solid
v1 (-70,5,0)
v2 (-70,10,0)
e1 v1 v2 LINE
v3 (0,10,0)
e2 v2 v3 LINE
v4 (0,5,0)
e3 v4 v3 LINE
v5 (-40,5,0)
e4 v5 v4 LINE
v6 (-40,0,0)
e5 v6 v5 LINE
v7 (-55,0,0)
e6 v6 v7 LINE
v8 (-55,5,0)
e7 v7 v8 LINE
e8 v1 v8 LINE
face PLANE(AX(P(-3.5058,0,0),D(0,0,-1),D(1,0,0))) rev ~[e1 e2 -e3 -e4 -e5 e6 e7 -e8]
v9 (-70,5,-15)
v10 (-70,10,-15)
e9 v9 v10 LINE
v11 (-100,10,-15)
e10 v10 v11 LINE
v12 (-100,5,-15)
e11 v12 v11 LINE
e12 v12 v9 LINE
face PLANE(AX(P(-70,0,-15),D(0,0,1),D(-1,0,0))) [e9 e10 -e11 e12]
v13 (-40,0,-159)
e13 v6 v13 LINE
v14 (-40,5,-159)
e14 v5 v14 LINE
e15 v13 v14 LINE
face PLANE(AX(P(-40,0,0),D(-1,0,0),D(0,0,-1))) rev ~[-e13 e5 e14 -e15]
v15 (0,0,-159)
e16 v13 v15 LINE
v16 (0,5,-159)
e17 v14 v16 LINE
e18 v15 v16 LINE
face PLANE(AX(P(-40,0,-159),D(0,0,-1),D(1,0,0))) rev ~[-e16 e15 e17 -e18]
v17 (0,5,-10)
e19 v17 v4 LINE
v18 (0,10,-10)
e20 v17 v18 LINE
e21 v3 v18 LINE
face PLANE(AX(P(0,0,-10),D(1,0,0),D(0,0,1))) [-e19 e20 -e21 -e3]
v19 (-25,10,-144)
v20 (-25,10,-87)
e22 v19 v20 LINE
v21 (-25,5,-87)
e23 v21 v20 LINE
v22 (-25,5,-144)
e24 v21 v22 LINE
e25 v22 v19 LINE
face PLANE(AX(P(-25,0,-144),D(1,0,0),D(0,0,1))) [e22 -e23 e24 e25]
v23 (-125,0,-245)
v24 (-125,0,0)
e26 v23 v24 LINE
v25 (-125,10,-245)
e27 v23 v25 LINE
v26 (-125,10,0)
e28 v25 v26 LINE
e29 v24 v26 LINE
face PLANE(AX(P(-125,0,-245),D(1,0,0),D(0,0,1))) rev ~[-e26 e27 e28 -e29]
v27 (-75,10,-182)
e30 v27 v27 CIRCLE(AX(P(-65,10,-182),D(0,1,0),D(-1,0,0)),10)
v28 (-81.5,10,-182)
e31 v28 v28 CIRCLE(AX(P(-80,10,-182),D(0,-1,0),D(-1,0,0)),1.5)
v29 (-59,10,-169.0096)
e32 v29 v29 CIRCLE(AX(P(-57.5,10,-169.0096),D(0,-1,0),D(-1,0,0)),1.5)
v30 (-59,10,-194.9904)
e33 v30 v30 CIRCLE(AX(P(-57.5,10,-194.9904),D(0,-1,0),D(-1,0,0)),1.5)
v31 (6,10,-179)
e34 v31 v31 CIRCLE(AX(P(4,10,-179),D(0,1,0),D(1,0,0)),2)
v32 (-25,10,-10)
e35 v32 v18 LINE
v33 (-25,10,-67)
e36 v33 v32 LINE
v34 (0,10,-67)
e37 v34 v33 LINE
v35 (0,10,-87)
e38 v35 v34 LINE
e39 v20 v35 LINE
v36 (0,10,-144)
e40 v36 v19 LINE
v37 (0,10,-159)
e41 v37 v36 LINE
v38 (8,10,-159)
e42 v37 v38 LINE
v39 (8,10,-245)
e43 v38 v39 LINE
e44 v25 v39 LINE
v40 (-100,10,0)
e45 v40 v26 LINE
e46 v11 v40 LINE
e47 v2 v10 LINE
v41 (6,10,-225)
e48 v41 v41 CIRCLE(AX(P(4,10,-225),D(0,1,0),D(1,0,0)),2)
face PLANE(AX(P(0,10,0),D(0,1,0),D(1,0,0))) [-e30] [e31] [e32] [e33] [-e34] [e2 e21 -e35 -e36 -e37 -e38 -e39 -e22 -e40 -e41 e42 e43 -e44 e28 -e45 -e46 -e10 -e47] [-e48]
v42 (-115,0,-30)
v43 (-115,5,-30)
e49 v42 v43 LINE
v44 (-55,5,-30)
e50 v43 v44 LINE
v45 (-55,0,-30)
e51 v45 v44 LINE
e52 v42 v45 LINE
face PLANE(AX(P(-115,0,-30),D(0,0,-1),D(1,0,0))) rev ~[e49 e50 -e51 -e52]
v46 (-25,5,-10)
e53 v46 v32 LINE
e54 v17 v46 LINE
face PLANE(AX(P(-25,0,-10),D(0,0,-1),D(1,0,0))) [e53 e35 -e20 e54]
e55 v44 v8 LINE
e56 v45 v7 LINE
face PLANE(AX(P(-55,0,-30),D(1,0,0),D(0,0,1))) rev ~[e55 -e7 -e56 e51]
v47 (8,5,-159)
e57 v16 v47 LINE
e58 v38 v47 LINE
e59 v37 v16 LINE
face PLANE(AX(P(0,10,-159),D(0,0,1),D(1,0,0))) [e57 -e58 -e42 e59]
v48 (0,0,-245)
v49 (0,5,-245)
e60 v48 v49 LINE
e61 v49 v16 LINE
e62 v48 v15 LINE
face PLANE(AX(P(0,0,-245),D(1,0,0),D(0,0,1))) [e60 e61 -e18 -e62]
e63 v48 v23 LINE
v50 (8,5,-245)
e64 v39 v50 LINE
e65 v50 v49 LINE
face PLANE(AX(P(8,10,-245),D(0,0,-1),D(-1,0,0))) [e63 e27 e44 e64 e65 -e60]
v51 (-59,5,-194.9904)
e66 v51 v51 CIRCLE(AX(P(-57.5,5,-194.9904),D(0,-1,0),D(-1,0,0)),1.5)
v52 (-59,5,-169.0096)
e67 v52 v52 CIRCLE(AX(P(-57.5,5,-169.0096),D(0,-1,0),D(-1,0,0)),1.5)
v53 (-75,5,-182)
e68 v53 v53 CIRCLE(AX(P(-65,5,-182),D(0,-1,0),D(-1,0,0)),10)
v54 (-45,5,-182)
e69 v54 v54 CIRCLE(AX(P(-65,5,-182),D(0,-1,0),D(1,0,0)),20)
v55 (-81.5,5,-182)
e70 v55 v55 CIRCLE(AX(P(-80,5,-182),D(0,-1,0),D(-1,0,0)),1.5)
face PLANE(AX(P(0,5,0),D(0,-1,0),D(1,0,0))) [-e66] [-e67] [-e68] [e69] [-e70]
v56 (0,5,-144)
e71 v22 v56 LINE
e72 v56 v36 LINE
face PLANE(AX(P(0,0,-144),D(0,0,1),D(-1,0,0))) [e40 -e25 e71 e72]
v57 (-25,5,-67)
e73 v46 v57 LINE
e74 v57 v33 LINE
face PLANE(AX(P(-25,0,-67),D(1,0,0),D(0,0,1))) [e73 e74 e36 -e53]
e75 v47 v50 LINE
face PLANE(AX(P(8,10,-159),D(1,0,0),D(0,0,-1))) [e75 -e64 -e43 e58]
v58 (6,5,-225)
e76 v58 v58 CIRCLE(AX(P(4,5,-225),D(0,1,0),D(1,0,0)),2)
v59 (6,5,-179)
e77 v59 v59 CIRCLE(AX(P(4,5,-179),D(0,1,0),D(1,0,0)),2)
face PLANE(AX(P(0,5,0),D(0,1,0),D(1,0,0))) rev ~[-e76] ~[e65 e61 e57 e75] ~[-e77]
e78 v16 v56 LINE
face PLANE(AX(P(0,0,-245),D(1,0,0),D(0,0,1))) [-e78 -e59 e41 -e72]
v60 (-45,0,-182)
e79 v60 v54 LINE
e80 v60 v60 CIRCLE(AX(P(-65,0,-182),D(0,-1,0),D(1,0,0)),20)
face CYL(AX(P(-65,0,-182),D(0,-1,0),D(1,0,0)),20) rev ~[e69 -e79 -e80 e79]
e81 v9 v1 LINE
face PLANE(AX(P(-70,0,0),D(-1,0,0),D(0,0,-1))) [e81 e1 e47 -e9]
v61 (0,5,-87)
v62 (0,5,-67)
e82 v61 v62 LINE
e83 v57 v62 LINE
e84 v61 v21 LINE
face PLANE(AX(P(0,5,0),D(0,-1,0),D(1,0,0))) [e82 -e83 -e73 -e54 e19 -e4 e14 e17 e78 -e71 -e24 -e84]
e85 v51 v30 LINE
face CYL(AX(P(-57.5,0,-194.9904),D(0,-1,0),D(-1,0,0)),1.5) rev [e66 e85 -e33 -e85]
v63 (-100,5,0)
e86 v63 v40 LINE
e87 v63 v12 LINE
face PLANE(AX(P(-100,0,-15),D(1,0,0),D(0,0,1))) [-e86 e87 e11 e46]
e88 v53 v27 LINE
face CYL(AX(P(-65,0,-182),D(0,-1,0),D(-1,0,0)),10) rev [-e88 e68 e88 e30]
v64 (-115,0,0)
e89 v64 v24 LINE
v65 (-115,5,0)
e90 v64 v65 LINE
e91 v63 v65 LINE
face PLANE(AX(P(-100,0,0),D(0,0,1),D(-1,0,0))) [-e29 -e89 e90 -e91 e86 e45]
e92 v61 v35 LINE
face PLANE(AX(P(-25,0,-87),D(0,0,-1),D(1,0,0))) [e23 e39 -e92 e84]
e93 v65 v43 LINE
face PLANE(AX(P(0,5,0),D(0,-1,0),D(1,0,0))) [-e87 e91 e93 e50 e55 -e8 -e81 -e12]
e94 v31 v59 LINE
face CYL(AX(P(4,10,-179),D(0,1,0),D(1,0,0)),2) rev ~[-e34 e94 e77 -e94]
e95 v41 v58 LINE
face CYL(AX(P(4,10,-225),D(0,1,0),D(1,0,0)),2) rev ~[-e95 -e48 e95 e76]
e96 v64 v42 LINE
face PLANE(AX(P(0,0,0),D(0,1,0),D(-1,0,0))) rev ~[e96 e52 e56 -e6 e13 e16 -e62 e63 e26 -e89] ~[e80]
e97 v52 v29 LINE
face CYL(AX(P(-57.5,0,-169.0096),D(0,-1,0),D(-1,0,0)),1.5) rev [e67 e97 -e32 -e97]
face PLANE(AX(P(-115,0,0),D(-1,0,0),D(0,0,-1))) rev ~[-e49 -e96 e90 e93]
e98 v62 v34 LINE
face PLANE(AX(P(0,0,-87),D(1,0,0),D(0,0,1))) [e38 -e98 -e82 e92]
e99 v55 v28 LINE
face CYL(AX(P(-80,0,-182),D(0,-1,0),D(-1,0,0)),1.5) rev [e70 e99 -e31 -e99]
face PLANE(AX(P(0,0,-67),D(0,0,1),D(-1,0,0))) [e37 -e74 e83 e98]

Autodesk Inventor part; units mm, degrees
ref_plane "YZ Plane" through (0, 0, 0) normal (1, 0, 0) x (0, 1, 0)
ref_plane "XZ Plane" through (0, 0, 0) normal (0, 1, 0) x (-1, 0, 0)
ref_plane "XY Plane" through (0, 0, 0) normal (0, 0, 1) x (1, 0, 0)
sketch "草图1" plane through (0, 0, 0) normal (0, 1, 0) x (-1, 0, 0)
  line L0 (125, 245) -> (-125, 245)
  line L1 (-125, 245) -> (-125, -245)
  line L2 (-125, -245) -> (125, -245)
  line L3 (125, -245) -> (125, 245)
  line L4 (0, 3) -> (0, -5)
  line L5 (3.5058, 0) -> (-3.4421, 0)
  line L6 (25, 144) -> (-32, 144)
  line L7 (-32, 144) -> (-32, 87)
  line L8 (-32, 87) -> (25, 87)
  line L9 (25, 87) -> (25, 144)
  line L10 (25, 67) -> (-32, 67)
  line L11 (-32, 67) -> (-32, 10)
  line L12 (-32, 10) -> (25, 10)
  line L13 (25, 10) -> (25, 67)
  line L14 (25, -10) -> (-32, -10)
  line L15 (-32, -10) -> (-32, -67)
  line L16 (-32, -67) -> (25, -67)
  line L17 (25, -67) -> (25, -10)
  line L18 (25, -87) -> (-32, -87)
  line L19 (-32, -87) -> (-32, -144)
  line L20 (-32, -144) -> (25, -144)
  line L21 (25, -144) -> (25, -87)
  line L22 (-66, 100) -> (-95, 100)
  line L23 (-95, 100) -> (-95, 54)
  line L24 (-95, 54) -> (-66, 54)
  line L25 (-66, 54) -> (-66, 100)
  line L26 (-66, -54) -> (-95, -54)
  line L27 (-95, -54) -> (-95, -100)
  line L28 (-95, -100) -> (-66, -100)
  line L29 (-66, -100) -> (-66, -54)
  line L30 (100, 15) -> (70, 15)
  line L31 (70, 15) -> (70, -15)
  line L32 (70, -15) -> (100, -15)
  line L33 (100, -15) -> (100, 15)
  circle A0 centre (65, 182) radius 10
  circle A1 centre (65, -182) radius 10
  circle A2 centre (65, 182) radius 15
  circle A3 centre (80, 182) radius 1.5
  circle A4 centre (57.5, 194.9904) radius 1.5
  circle A5 centre (57.5, 169.0096) radius 1.5
  line L34 (125, 245) -> (0, 245)
  line L35 (0, 245) -> (0, 0)
  line L36 (0, 0) -> (125, 0)
  line L37 (125, 0) -> (125, 245)
  line L38 (-125, 245) -> (0, 245)
  line L39 (0, 245) -> (0, 0)
  line L40 (0, 0) -> (-125, 0)
  line L41 (-125, 0) -> (-125, 245)
  line L42 (-125, -245) -> (0, -245)
  line L43 (0, -245) -> (0, 0)
  line L44 (0, 0) -> (-125, 0)
  line L45 (-125, 0) -> (-125, -245)
  line L46 (125, -245) -> (0, -245)
  line L47 (0, -245) -> (0, 0)
  line L48 (0, 0) -> (125, 0)
  line L49 (125, 0) -> (125, -245)
  circle A6 centre (65, -182) radius 15
  circle A7 centre (80, -182) radius 1.5
  circle A8 centre (57.5, -169.0096) radius 1.5
  circle A9 centre (57.5, -194.9904) radius 1.5
  point P0 (0, -144)
  point P1 (100, 0)
  point P2 (70, 0)
  point P3 (0, -10)
  point P4 (0, -67)
  point P5 (0, -87)
  dimension "d33" = 30
  dimension "d36" = 30
  dimension "d2" = 490
  dimension "d3" = 250
  dimension "d4" = 57
  dimension "d5" = 57
  dimension "d6" = 57
  dimension "d7" = 57
  dimension "d8" = 57
  dimension "d9" = 57
  dimension "d10" = 57
  dimension "d11" = 57
  dimension "d12" = 101
  dimension "d13" = 20
  dimension "d14" = 20
  dimension "d15" = 20
  dimension "d16" = 93
  dimension "d17" = 29
  dimension "d18" = 46
  dimension "d19" = 46
  dimension "d20" = 145
  dimension "d21" = 108
  dimension "d22" = 30
  dimension "d23" = 30
  dimension "d24" = 30
  dimension "d25" = 25
  dimension "d26" = 230
  dimension "d27" = 20
  dimension "d28" = 63
  dimension "d29" = 60
  dimension "d30" = 20
  dimension "d31" = 63
  dimension "d32" = 60
  dimension "d34" = 3
  dimension "d35" = 360
  dimension "d37" = 3
  dimension "d40" = 360
extrude "拉伸1" add sketch "草图1" along normal blind 10 contours L3 L2 L43 L20 L21 L18 L16 L17 L14 L4 L5 L36 L31 L32 L33 | A7 A6 A9 A8
sketch "草图2" plane through (0, 0, 0) normal (0, -1, 0) x (1, 0, 0)
  line L0 (-70, 0) -> (0, 0) projected
  line L1 (-115, -30) -> (-55, -30)
  line L2 (-55, -30) -> (-55, 0)
  line L3 (-55, 0) -> (-115, 0)
  line L4 (-115, 0) -> (-115, -30)
  line L5 (-100, -15) -> (-70, -15) projected
  line L6 (-100, 0) -> (-100, -15) projected
  line L7 (-70, -15) -> (-70, 0) projected
  line L8 (-40, -159) -> (0, -159)
  line L9 (0, -159) -> (0, 0)
  line L10 (0, 0) -> (-40, 0)
  line L11 (-40, 0) -> (-40, -159)
  line L12 (-25, -10) -> (-25, -67) projected
  line L13 (-25, -144) -> (0, -144) projected
  circle A0 centre (-65, -182) radius 10 projected
  circle A1 centre (-65, -182) radius 20
  dimension "d44" = 15
  dimension "d45" = 15
  dimension "d46" = 15
  dimension "d47" = 15
  dimension "d48" = 15
  dimension "d49" = 40
extrude "拉伸2" cut sketch "草图2" against normal blind 5 contours L0 L9 L8 L11 | L0 L2 L1 L4 L3 L6 L5 L7 | A1
sketch "草图5" plane through (0, 10, 0) normal (0, 1, 0) x (1, 0, 0)
  line L0 (0, 159) -> (-40, 159) projected
  line L1 (0, 159) -> (8, 159)
  line L2 (8, 159) -> (8, 245)
  line L3 (8, 245) -> (0, 245)
  line L4 (0, 245) -> (0, 159)
  circle A0 centre (4, 179) radius 2
  circle A1 centre (4, 225) radius 2
  point P0 (0, 0)
  dimension "d64" = 8
  dimension "d65" = 4
  dimension "d67" = 4
  dimension "d68" = 4
  dimension "d70" = 4
  dimension "d73" = 20
  dimension "d76" = 20
extrude "拉伸4" add sketch "草图5" against normal blind 5
properties part number "top_2"
